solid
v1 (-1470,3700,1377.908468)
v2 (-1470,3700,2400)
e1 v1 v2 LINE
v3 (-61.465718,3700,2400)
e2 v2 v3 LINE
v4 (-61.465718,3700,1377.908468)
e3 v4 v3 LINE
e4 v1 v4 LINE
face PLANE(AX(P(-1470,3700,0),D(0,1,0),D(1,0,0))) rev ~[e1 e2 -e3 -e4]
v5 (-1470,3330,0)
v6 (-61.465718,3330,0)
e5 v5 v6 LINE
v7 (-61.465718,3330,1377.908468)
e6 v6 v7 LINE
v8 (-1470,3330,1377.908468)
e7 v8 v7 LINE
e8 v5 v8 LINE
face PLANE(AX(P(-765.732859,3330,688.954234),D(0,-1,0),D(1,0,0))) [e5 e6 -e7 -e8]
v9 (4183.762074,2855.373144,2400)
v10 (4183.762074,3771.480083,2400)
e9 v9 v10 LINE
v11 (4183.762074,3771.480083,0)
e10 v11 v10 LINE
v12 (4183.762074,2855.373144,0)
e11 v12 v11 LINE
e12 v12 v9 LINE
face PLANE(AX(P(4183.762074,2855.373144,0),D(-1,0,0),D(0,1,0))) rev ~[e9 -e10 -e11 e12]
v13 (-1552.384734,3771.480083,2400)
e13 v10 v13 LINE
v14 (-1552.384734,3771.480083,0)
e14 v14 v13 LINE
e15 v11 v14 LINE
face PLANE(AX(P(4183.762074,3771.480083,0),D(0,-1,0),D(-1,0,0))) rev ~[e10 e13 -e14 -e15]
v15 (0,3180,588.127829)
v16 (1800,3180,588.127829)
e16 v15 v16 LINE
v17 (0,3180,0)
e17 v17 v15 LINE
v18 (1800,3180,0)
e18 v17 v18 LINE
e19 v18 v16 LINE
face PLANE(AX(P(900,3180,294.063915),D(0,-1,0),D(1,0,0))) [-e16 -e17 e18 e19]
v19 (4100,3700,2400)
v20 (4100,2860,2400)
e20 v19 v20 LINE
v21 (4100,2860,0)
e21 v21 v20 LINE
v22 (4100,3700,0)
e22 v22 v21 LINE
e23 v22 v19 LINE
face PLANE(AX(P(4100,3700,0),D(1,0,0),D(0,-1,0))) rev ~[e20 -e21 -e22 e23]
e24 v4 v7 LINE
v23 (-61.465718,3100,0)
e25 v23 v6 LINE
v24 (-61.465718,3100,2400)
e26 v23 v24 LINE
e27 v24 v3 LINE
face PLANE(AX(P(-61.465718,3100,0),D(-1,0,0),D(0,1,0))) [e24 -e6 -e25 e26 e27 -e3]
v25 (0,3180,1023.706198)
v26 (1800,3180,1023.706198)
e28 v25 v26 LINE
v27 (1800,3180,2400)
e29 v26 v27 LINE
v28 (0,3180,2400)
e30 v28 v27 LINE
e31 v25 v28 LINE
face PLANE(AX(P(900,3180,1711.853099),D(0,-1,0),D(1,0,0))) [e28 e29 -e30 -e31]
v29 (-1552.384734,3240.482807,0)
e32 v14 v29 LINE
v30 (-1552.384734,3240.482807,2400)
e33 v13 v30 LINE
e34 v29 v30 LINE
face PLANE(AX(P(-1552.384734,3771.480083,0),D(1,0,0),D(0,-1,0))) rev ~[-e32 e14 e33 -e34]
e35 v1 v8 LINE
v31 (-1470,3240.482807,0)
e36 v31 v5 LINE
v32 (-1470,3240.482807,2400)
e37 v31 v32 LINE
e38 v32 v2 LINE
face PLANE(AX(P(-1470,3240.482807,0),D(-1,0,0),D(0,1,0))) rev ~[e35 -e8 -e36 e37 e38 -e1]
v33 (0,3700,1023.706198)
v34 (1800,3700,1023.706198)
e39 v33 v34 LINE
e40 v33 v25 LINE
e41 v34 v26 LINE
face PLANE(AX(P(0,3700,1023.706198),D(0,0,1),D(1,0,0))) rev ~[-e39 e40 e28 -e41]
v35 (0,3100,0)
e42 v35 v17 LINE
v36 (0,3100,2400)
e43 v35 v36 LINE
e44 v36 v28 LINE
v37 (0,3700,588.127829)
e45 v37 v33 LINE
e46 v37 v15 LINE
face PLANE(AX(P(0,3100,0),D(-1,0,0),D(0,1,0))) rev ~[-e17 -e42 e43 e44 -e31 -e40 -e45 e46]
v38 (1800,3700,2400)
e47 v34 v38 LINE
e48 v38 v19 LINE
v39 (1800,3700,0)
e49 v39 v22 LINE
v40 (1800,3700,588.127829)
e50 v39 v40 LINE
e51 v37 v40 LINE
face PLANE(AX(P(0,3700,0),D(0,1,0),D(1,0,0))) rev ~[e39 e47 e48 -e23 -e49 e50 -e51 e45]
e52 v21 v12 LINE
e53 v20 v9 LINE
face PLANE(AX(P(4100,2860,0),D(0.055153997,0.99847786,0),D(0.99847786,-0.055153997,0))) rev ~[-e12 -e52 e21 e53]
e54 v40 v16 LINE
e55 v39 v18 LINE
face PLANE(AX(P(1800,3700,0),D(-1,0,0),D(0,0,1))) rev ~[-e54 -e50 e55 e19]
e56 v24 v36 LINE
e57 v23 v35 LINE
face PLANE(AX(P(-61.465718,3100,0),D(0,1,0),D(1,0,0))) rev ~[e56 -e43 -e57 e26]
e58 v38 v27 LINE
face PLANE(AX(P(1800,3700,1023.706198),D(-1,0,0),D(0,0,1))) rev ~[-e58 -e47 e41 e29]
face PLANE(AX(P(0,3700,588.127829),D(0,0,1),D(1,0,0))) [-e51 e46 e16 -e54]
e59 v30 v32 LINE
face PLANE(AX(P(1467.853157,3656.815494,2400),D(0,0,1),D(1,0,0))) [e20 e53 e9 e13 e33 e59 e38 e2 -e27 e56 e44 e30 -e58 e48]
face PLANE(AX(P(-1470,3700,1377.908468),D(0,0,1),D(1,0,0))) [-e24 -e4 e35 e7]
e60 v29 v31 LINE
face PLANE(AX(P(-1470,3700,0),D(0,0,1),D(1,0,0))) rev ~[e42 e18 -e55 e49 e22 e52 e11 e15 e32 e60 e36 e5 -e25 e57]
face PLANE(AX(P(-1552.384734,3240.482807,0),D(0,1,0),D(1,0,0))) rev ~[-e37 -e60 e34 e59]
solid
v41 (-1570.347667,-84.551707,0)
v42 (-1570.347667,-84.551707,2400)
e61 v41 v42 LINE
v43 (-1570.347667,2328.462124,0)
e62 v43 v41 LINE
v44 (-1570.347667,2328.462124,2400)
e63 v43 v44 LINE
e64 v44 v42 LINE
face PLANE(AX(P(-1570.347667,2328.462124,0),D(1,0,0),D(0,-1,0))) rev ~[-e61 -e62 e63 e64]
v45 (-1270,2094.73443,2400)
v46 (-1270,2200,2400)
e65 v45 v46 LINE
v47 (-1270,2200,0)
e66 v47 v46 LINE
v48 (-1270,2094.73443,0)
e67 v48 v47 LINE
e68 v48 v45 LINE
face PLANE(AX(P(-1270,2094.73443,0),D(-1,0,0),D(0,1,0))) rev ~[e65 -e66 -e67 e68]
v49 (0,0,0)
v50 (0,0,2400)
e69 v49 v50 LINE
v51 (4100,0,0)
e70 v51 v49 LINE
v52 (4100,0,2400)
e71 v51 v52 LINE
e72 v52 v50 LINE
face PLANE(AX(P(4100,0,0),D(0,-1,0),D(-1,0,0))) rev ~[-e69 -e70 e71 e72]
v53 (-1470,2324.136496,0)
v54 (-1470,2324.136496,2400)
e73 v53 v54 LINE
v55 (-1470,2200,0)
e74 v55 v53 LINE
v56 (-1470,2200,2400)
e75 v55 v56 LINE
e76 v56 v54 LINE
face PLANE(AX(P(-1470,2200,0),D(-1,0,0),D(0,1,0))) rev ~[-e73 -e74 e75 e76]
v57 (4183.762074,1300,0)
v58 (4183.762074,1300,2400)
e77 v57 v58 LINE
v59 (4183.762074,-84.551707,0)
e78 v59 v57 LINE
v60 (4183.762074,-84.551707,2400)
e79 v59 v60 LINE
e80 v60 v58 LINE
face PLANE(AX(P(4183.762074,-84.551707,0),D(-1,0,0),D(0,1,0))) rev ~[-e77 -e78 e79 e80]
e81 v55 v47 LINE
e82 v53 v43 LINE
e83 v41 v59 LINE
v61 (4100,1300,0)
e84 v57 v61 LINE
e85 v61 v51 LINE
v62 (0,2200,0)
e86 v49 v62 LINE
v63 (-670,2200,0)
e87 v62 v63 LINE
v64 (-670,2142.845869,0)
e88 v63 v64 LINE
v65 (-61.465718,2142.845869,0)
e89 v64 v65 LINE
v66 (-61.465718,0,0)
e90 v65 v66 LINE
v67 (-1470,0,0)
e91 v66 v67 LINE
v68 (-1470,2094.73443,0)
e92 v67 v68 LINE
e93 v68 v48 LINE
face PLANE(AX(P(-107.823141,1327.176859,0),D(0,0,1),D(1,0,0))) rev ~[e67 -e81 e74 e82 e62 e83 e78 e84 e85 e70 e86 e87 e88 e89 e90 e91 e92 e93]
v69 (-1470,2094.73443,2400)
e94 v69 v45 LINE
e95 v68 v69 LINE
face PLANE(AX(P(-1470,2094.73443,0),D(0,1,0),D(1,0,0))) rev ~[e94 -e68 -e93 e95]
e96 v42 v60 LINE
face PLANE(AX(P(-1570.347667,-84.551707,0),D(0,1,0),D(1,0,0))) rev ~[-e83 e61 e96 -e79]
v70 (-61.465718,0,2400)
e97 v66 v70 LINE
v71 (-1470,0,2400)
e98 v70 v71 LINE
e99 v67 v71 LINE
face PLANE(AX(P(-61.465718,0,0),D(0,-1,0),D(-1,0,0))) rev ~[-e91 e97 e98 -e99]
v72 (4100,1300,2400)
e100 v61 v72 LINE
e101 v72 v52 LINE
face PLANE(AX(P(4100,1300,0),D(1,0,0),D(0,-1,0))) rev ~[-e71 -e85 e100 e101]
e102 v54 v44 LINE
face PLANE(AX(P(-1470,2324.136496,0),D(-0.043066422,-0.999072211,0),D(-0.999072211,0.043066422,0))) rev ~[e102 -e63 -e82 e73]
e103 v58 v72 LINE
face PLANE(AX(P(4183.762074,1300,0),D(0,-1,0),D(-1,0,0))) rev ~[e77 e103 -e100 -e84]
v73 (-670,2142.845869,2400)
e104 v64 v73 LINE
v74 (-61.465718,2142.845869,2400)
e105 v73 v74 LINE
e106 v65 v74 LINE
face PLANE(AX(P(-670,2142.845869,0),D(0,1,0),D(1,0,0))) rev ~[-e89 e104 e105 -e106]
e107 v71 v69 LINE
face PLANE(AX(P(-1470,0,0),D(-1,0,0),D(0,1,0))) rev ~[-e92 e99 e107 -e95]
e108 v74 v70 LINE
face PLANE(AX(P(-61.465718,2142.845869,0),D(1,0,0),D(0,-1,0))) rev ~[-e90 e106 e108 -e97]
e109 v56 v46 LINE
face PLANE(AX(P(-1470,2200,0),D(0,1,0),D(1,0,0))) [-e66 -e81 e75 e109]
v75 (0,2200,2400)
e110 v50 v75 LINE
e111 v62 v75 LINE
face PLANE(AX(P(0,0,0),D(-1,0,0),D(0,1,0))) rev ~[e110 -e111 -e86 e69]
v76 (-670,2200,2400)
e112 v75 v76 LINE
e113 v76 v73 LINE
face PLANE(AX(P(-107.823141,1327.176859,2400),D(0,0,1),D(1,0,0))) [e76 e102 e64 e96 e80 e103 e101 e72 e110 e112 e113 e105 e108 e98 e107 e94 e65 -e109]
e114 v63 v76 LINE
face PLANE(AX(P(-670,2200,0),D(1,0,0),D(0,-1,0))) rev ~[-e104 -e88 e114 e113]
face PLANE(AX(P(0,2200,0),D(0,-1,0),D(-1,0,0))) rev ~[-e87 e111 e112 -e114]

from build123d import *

# Parameters (mm, degrees)
F0_W     = 200
F0_H     = 105.2655696869
F1_DEPTH = 2400
F0_W_2   = 61.4657178521
F0_H_2   = 600
F2_W     = 1800
F2_H     = 588.1278291095
F2_H_2   = 1376.2938022614
F3_DEPTH = 520
F4_W     = 1408.5342821479
F4_H     = 1377.9084682465
F5_DEPTH = 370


with BuildPart() as f1:
    # F0 (on Top) → F1 (new body)
    with BuildSketch(Plane.XY):
        Polygon((-61.4657178521, 0), (0, 0), (0, 2200), (-670, 2200), (-670, 2142.8458690643), (-61.4657178521, 2142.8458690643), align=None)
        Polygon((4100, 0), (0, 0), (-61.4657178521, 0), (-1470, 0), (-1470, 2094.7344303131), (-1470, 2200), (-1470, 2324.1364955902), (-1570.3476667404, 2328.4621238708), (-1570.3476667404, -84.5517069101), (4183.7620735168, -84.5517069101), (4183.7620735168, 1300), (4100, 1300), align=None)
        with Locations((-1370, 2147.3672151566)):
            Rectangle(F0_W, F0_H)
    extrude(amount=F1_DEPTH)


with BuildPart() as f1b:
    # F0 (on Top) → F1, piece 2 (new body)
    with BuildSketch(Plane.XY):
        Polygon((4100, 3700), (4100, 2860), (4183.7620735168, 2855.3731441498), (4183.7620735168, 3771.4800834656), (-1552.3847341537, 3771.4800834656), (-1552.3847341537, 3240.4828071594), (-1470, 3240.4828071594), (-1470, 3700), (-61.4657178521, 3700), (0, 3700), (1800, 3700), align=None)
        with Locations((-30.7328589261, 3400)):
            Rectangle(F0_W_2, F0_H_2)
    extrude(amount=F1_DEPTH)

    # F2 (on face) → F3 (join)
    with BuildSketch(Plane.XZ.offset(-3700)):
        with Locations((900, 294.0639145548)):
            Rectangle(F2_W, F2_H)
        with Locations((900, 1711.8530988693)):
            Rectangle(F2_W, F2_H_2)
    extrude(amount=F3_DEPTH)

    # F4 (on face) → F5 (join)
    with BuildSketch(Plane.XZ.offset(-3700)):
        with Locations((-765.7328589261, 688.9542341232)):
            Rectangle(F4_W, F4_H)
    extrude(amount=F5_DEPTH)


solid = Compound([f1.part, f1b.part])
